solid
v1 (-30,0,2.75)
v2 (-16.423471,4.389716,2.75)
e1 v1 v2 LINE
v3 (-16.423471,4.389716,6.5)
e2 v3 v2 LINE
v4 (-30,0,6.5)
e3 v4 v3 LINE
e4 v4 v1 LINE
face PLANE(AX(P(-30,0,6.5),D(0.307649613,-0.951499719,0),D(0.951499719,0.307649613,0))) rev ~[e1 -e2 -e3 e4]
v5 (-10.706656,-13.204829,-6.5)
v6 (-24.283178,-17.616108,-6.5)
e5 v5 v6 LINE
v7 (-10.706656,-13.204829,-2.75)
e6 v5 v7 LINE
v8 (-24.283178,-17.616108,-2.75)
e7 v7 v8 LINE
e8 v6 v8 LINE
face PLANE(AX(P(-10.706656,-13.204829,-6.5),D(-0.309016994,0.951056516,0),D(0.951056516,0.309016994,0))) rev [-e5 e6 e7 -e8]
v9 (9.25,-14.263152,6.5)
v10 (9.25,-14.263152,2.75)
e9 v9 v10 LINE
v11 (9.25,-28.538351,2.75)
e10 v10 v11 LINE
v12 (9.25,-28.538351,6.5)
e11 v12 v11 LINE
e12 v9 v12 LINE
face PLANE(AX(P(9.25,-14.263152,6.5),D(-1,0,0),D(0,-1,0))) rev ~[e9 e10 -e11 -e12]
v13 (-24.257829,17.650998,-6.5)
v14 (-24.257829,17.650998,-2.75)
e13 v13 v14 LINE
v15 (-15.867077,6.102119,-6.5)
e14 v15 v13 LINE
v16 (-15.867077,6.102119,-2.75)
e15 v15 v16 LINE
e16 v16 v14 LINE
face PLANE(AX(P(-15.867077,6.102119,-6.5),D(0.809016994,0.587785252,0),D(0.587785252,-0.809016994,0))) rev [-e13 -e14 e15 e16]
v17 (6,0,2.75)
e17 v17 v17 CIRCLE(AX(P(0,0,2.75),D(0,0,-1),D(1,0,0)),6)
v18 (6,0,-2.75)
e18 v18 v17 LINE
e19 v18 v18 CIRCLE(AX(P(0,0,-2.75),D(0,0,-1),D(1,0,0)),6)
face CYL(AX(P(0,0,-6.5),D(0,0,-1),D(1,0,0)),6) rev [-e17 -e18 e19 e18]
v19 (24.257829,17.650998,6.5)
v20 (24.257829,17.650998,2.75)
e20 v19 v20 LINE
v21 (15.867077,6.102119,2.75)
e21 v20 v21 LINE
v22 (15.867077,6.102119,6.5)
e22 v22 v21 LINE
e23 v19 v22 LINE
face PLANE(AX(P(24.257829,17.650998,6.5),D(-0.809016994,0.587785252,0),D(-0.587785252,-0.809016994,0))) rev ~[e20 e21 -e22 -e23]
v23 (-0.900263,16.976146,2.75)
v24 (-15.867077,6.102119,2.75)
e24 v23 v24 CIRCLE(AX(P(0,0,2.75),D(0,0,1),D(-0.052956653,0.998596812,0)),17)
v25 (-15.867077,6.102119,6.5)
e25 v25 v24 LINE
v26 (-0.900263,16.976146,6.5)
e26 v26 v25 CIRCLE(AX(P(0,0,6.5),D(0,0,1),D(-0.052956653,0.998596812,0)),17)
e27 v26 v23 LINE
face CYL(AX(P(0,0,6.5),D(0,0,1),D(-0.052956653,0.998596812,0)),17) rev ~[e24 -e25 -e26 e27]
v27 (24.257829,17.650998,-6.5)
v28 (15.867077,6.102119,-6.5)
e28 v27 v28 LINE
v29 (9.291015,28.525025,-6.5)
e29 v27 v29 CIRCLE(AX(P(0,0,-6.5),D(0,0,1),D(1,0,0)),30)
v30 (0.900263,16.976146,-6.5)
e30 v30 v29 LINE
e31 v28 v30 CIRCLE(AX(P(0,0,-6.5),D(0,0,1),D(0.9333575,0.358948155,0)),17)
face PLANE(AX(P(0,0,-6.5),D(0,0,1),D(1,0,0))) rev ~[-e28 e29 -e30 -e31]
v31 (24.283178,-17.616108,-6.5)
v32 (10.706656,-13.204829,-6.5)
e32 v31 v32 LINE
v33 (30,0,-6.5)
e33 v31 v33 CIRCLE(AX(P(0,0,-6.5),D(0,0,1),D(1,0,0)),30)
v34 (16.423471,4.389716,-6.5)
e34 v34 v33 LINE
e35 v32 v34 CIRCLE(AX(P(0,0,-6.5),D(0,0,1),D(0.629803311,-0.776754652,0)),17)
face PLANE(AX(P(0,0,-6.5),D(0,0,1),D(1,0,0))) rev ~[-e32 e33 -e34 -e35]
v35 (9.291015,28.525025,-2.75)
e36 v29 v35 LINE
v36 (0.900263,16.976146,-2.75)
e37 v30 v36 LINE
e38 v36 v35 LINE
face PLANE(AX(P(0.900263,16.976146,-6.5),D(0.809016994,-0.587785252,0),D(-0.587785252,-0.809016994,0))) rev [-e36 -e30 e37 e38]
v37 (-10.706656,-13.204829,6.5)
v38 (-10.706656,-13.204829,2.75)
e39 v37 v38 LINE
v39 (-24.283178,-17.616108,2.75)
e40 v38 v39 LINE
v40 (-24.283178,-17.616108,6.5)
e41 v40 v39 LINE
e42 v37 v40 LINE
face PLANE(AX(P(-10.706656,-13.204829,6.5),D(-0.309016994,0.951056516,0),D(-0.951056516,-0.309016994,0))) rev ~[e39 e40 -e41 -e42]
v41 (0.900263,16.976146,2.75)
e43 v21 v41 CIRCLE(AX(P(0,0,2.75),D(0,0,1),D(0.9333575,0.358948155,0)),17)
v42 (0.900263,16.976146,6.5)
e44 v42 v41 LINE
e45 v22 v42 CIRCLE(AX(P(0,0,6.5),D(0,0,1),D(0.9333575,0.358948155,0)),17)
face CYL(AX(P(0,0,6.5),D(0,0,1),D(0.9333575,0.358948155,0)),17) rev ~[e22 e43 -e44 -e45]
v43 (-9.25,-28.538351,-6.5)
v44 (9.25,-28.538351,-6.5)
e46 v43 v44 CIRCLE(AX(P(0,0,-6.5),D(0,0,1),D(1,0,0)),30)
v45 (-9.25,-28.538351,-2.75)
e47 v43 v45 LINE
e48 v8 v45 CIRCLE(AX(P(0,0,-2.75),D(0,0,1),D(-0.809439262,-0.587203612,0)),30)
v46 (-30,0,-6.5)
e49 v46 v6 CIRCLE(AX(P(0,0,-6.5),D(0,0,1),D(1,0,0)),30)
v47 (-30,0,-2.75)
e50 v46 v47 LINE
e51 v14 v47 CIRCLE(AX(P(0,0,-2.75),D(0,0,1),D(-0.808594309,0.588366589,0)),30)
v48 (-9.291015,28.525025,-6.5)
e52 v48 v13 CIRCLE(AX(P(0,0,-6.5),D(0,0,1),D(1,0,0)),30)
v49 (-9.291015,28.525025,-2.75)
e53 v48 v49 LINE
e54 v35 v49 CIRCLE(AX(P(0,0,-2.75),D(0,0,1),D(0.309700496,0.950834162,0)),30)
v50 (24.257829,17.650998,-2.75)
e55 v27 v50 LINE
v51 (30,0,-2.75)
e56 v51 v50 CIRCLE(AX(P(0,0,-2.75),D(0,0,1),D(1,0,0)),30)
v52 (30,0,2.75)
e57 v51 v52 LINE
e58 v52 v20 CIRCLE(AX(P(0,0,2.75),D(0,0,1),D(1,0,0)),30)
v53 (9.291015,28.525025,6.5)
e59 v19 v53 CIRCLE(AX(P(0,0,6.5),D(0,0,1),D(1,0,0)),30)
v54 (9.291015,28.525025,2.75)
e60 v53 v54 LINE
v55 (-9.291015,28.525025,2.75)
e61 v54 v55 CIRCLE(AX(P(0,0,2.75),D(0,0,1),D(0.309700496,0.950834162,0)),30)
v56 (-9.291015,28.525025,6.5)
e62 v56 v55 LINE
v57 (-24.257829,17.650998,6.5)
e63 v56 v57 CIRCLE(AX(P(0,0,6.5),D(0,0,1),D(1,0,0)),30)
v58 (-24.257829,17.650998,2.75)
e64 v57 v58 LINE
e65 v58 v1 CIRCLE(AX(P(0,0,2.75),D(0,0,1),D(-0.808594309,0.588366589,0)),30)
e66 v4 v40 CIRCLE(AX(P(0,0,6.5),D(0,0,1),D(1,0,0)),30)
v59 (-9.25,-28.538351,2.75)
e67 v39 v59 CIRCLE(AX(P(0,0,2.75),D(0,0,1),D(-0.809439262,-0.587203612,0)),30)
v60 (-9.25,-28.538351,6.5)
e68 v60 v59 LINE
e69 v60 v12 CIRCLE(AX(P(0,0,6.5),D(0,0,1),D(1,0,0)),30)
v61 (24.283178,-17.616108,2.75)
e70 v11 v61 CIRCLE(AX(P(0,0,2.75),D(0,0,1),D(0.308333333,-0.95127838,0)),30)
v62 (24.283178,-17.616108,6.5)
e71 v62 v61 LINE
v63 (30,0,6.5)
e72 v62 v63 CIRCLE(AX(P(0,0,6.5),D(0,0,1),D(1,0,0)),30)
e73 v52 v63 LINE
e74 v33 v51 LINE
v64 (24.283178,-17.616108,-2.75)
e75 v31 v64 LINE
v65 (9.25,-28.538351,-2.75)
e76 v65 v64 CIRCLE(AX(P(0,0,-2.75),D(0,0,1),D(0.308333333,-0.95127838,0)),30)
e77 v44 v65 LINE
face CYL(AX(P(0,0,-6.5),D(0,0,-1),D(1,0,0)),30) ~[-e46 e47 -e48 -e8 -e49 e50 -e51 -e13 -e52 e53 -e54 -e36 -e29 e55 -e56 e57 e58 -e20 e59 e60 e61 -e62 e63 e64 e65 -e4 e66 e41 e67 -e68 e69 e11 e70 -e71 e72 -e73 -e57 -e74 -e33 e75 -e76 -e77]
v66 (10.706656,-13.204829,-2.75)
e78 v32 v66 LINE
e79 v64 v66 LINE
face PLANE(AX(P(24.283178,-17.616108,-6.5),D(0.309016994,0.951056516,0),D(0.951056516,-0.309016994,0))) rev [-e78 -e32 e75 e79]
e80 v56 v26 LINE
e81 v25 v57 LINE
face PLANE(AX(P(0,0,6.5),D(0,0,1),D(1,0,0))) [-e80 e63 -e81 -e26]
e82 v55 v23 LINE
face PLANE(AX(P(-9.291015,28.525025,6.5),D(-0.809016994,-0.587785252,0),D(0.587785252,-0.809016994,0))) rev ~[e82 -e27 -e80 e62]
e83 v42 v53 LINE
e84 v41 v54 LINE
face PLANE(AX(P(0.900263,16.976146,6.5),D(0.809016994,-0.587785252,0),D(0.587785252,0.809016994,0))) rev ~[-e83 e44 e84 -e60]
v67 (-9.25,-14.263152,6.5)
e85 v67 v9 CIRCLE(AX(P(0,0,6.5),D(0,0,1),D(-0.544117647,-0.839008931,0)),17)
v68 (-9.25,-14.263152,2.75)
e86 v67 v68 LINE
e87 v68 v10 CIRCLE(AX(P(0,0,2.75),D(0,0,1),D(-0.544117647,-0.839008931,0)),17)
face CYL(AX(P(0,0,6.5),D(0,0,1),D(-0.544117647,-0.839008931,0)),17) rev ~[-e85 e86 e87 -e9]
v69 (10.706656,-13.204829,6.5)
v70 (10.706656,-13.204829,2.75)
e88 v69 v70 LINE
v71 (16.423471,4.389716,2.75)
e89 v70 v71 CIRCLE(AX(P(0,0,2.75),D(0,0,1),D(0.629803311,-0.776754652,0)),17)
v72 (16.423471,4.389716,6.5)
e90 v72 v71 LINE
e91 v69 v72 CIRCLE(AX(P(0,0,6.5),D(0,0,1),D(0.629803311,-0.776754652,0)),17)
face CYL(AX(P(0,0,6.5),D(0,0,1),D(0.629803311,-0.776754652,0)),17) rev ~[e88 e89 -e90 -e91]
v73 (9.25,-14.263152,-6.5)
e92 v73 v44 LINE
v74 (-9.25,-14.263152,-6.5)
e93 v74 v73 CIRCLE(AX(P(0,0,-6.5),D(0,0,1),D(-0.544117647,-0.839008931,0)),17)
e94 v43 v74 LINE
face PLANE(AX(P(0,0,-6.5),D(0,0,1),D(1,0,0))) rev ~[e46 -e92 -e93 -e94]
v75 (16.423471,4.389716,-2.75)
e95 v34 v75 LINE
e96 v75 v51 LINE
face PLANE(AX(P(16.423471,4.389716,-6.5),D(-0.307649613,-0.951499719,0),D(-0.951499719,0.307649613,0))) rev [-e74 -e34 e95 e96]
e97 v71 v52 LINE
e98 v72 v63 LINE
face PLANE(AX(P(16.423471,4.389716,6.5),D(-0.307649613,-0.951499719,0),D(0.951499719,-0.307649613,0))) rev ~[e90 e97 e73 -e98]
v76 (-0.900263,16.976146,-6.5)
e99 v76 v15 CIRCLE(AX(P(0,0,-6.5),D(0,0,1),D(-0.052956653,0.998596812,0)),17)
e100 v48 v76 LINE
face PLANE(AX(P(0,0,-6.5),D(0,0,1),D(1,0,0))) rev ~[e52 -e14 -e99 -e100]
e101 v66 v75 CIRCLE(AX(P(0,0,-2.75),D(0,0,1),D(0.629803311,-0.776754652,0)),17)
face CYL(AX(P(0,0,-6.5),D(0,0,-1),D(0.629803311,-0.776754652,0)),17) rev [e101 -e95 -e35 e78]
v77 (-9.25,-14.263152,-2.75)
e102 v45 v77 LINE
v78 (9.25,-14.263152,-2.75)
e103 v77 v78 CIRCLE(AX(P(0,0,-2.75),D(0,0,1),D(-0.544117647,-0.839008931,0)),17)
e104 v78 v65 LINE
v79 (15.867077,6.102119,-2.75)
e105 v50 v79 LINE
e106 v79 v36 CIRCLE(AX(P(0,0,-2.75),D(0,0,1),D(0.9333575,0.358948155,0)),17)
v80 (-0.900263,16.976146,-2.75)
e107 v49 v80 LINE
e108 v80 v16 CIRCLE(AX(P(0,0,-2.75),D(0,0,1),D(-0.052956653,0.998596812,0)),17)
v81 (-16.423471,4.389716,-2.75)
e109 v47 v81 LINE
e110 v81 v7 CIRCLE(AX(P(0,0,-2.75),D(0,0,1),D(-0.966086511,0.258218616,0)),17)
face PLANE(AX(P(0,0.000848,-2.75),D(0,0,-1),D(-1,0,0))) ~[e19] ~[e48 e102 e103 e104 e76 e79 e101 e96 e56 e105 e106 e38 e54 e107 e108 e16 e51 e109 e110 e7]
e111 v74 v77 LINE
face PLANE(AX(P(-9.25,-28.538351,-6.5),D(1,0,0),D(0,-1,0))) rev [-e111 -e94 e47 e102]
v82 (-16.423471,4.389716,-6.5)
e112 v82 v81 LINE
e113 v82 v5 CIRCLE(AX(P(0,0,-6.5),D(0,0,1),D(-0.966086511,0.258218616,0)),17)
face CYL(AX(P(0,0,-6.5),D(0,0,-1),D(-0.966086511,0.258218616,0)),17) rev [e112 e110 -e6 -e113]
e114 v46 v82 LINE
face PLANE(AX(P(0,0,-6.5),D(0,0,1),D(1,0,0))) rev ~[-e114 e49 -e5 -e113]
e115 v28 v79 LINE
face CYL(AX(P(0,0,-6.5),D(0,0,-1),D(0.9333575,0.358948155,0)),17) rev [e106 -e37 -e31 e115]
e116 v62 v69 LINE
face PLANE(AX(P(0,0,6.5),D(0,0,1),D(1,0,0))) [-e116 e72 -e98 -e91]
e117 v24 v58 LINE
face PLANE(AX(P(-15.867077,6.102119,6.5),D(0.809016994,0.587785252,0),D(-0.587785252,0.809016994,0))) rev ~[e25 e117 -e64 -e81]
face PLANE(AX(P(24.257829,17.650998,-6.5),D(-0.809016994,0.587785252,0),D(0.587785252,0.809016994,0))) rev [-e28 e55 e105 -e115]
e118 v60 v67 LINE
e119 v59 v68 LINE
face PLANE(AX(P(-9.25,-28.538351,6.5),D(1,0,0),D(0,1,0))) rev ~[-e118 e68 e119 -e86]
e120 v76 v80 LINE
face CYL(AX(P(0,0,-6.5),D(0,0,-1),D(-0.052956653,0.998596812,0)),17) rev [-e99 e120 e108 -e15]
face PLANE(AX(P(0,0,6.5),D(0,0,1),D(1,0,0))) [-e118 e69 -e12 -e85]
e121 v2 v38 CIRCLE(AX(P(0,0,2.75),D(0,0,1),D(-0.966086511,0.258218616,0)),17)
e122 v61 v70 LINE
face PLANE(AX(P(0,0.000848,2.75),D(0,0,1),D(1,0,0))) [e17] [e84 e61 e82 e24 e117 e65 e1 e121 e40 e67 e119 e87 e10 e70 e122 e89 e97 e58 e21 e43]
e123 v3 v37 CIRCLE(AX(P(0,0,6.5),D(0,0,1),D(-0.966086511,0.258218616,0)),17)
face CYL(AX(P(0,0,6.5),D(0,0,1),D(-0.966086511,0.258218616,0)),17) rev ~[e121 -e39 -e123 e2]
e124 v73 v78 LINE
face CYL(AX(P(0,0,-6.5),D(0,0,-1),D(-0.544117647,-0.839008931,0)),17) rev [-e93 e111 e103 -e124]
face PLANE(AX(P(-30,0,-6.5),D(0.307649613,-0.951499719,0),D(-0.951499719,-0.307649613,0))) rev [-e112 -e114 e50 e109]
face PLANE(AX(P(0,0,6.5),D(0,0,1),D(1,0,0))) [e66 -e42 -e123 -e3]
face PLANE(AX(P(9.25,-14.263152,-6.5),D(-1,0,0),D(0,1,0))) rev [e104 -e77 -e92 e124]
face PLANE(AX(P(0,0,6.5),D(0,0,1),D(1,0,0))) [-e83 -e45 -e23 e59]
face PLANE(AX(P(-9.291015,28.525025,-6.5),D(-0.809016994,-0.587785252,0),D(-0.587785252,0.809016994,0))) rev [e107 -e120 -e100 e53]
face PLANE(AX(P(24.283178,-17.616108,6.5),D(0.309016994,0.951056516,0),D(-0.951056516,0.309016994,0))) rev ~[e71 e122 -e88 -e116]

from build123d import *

# Parameters (mm, degrees)
BOSS_EXTRU_1_DEPTH      = 6.5
BOSS_EXTRU_1_DEPTH_BACK = 6.5
ESQUISSE1_R             = 30
ESQUISSE1_R_2           = 6
ESQUISSE3_R             = 6
ENL_V_MAT_EXTRU_1_DEPTH = 3.75


with BuildPart() as part:
    # Esquisse1 → Boss.-Extru.1 (new, two sides: drawn at the far end of the back side and taken through both)
    with BuildSketch(Plane.XY.offset(-BOSS_EXTRU_1_DEPTH_BACK)):
        Circle(ESQUISSE1_R)
        Circle(ESQUISSE1_R_2, mode=Mode.SUBTRACT)
    extrude(amount=BOSS_EXTRU_1_DEPTH + BOSS_EXTRU_1_DEPTH_BACK)

    # Esquisse3 → Enlèv. mat.-Extru.1 (cut)
    with BuildSketch(Plane.XY.offset(6.5)):
        with BuildLine():
            ThreePointArc((-9.25, -14.263151826), (0, -17), (9.25, -14.263151826))
            Line((9.25, -14.263151826), (9.25, -28.538351389))
            ThreePointArc((9.25, -28.538351389), (17.633557569, -24.270509831), (24.283177855, -17.616108346))
            Line((24.283177855, -17.616108346), (10.706656289, -13.204829083))
            ThreePointArc((10.706656289, -13.204829083), (16.167960777, -5.253288904), (16.423470685, 4.389716468))
            Line((16.423470685, 4.389716468), (30, 0))
            ThreePointArc((30, 0), (28.528362011, 9.280762952), (24.257829269, 17.650997681))
            Line((24.257829269, 17.650997681), (15.867077492, 6.102118637))
            ThreePointArc((15.867077492, 6.102118637), (9.992349289, 13.753288904), (0.900263096, 16.976145804))
            Line((0.900263096, 16.976145804), (9.291014873, 28.525024849))
            ThreePointArc((9.291014873, 28.525024849), (0, 30), (-9.291014873, 28.525024849))
            Line((-9.291014873, 28.525024849), (-0.900263096, 16.976145804))
            ThreePointArc((-0.900263096, 16.976145804), (-9.992349289, 13.753288904), (-15.867077492, 6.102118637))
            Line((-15.867077492, 6.102118637), (-24.257829269, 17.650997681))
            ThreePointArc((-24.257829269, 17.650997681), (-28.528362011, 9.280762952), (-30, 0))
            Line((-30, 0), (-16.423470685, 4.389716468))
            ThreePointArc((-16.423470685, 4.389716468), (-16.167960777, -5.253288904), (-10.706656289, -13.204829083))
            Line((-10.706656289, -13.204829083), (-24.283177855, -17.616108346))
            ThreePointArc((-24.283177855, -17.616108346), (-17.633557569, -24.270509831), (-9.25, -28.538351389))
            Line((-9.25, -28.538351389), (-9.25, -14.263151826))
        make_face()
        Circle(ESQUISSE3_R, mode=Mode.SUBTRACT)
    enl_v_mat_extru_1 = extrude(amount=-ENL_V_MAT_EXTRU_1_DEPTH, mode=Mode.SUBTRACT)

    # Symétrie1: Enlèv. mat.-Extru.1 across plane
    add(enl_v_mat_extru_1.mirror(Plane.XY), mode=Mode.SUBTRACT)


solid = part.part
